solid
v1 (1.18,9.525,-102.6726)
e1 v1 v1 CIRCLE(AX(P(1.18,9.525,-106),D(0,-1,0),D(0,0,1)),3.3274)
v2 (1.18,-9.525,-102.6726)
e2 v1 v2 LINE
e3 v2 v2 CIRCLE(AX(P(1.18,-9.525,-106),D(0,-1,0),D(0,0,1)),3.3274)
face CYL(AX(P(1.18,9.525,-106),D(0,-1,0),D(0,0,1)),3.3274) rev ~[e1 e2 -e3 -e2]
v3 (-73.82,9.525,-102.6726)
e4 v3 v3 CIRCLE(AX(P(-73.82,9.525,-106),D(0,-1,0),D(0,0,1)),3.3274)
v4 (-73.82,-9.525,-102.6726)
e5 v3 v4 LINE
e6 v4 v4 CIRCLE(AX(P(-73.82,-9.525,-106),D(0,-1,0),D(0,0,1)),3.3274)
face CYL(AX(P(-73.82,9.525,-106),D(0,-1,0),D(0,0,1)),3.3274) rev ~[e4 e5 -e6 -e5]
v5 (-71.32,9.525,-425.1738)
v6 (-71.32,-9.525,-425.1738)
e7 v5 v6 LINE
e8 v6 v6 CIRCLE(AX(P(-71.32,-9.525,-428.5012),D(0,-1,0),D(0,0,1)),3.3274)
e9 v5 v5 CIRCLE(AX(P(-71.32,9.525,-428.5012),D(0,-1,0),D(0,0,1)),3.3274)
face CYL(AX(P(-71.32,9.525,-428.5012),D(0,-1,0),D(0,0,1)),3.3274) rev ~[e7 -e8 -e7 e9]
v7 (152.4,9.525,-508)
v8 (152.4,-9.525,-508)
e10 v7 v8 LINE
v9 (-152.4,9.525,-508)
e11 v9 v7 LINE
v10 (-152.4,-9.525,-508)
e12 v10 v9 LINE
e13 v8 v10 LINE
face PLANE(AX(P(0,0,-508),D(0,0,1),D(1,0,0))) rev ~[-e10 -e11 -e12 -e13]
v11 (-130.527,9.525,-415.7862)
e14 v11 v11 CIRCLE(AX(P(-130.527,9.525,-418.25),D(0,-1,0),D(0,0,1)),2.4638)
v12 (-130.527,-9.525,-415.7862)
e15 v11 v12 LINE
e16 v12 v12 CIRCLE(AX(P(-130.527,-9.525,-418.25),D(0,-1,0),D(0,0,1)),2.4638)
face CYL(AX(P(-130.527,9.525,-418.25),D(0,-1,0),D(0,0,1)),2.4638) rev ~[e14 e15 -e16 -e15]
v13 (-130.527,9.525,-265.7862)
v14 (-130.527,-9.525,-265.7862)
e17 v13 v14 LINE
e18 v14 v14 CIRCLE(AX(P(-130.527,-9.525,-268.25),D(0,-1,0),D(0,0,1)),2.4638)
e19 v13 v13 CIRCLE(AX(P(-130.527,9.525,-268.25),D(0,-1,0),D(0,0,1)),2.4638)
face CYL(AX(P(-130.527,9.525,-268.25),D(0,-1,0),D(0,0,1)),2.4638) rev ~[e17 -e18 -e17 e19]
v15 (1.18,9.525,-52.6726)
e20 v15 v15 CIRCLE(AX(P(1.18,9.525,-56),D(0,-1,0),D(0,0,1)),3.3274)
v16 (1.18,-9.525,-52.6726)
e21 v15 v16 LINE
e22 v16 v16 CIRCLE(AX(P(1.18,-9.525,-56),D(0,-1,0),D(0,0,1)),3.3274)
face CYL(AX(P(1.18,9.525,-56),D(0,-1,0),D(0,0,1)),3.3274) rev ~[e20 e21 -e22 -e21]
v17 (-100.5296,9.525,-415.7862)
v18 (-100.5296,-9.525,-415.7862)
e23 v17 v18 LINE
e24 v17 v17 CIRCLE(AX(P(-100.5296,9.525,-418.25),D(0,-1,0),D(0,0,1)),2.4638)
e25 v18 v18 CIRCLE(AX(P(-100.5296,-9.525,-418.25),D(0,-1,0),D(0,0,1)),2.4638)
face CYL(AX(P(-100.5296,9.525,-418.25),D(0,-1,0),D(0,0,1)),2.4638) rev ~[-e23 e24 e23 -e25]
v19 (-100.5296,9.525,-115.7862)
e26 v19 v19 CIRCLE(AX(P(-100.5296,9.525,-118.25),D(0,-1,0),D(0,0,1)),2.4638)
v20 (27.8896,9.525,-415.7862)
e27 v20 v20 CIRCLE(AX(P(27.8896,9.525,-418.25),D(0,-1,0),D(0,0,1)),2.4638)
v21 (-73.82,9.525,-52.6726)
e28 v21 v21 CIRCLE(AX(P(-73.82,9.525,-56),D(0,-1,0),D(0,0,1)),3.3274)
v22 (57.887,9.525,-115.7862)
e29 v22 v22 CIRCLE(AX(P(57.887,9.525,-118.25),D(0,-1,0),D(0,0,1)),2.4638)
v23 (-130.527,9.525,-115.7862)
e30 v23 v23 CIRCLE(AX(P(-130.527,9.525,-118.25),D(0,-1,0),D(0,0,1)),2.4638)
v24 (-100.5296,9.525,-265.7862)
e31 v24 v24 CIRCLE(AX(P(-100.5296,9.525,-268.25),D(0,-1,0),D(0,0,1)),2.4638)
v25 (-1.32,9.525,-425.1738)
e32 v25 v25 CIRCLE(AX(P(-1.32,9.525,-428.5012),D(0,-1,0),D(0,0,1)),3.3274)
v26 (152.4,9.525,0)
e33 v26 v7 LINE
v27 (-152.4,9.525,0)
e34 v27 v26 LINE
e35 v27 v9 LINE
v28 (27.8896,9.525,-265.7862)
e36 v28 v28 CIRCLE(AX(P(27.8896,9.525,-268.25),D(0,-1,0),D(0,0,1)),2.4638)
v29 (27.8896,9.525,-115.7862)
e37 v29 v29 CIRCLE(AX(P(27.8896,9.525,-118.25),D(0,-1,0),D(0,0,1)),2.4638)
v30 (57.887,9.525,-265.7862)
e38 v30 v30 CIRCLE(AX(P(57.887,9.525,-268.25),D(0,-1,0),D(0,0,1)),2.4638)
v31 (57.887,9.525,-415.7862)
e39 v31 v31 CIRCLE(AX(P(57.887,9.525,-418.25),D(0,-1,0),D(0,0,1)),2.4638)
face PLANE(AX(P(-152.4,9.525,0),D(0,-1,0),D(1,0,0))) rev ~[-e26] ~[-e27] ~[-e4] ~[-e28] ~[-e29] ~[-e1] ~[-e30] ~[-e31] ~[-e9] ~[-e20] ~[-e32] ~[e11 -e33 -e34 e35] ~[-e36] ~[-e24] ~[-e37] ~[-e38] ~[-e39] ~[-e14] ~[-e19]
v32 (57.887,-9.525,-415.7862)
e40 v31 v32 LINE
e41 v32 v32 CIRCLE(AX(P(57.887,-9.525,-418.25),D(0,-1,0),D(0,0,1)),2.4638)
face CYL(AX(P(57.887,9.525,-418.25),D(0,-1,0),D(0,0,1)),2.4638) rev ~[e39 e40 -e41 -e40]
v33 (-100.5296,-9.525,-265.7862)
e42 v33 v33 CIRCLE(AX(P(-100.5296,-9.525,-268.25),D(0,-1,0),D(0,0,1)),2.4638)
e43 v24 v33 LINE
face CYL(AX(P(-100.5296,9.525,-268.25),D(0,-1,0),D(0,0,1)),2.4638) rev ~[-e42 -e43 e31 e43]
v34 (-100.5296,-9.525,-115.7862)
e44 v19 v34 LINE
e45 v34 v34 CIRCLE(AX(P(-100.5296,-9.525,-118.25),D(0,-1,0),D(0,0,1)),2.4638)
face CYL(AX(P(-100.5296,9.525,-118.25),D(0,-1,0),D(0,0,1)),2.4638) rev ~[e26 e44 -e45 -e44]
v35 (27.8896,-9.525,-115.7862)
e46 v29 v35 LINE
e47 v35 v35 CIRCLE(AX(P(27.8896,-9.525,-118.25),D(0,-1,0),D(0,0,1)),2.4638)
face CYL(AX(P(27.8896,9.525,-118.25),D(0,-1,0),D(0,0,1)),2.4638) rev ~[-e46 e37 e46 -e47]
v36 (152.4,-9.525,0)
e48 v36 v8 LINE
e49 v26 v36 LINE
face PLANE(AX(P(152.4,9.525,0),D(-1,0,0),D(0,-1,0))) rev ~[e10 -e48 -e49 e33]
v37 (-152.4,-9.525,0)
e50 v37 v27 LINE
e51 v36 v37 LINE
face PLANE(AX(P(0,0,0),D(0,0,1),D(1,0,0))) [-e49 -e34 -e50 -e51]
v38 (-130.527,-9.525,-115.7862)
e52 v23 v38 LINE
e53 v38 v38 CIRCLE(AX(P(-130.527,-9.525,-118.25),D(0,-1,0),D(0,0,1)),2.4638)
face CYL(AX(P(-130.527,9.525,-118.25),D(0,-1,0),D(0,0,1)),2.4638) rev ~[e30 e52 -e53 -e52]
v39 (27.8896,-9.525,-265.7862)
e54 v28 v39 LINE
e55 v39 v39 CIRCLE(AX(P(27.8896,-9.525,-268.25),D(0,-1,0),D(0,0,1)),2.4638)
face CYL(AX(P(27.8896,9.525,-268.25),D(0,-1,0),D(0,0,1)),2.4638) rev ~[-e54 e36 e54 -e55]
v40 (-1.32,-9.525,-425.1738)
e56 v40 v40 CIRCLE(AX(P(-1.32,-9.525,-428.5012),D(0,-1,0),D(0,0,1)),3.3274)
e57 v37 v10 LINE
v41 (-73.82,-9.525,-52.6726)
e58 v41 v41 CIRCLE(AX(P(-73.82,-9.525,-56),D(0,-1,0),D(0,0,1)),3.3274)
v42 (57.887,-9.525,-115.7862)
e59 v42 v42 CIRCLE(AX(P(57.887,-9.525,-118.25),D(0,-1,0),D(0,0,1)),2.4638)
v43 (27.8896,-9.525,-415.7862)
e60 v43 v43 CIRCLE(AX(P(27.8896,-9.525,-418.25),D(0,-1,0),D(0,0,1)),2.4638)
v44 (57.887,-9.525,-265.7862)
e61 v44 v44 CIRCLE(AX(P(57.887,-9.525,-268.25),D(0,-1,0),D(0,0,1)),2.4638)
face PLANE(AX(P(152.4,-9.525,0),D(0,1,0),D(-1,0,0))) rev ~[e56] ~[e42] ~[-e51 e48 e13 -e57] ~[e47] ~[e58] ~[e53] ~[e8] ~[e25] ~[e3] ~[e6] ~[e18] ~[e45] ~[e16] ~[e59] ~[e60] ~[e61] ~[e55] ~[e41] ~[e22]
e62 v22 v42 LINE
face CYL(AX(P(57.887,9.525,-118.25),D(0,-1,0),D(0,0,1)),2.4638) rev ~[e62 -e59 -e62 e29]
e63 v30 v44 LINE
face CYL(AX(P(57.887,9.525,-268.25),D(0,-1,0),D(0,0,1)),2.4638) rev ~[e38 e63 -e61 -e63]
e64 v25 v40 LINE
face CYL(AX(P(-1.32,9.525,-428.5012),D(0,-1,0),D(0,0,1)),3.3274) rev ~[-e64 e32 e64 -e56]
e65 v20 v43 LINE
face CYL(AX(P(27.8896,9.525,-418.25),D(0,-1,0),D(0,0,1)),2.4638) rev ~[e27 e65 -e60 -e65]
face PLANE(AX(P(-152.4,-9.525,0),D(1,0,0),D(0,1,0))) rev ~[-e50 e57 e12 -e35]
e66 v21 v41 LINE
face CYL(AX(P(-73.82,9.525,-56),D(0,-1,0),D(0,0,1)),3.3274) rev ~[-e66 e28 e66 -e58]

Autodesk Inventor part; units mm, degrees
ref_plane "YZ Plane" through (0, 0, 0) normal (1, 0, 0) x (0, 1, 0)
ref_plane "XZ Plane" through (0, 0, 0) normal (0, 1, 0) x (-1, 0, 0)
ref_plane "XY Plane" through (0, 0, 0) normal (0, 0, 1) x (1, 0, 0)
sketch "Sketch1" plane through (0, 0, 0) normal (0, 0, 1) x (1, 0, 0)
  line L0 (-152.4, 9.525) -> (152.4, 9.525)
  line L1 (152.4, 9.525) -> (152.4, -9.525)
  line L2 (152.4, -9.525) -> (-152.4, -9.525)
  line L3 (-152.4, -9.525) -> (-152.4, 9.525)
  line L4 (-152.4, 9.525) -> (152.4, -9.525) construction
  line L5 (152.4, 9.525) -> (-152.4, -9.525) construction
  point P0 (0, 0)
  dimension "d0" = 304.8
  dimension "d1" = 19.05
extrude "Extrusion1" add sketch "Sketch1" against normal blind 508
sketch "Sketch2" plane through (-152.4, 9.525, 0) normal (0, 1, 0) x (1, 0, 0)
  line L0 (0, 0) -> (0, 508) projected
  line L1 (0, 0) -> (304.8, 0) projected
  point P0 (152.4, 0)
  point P1 (78.58, 56)
  dimension "d4" = 78.58
  dimension "d5" = 56
hole "Hole1" at (-73.82, 9.525, -56) direction (0, -1, 0) diameter 6.6548 end through all
pattern_linear "Rectangular Pattern1" count 2 spacing 50 along (0, 0, -1) count 2 spacing 75 along (1, 0, 0) of "Hole1"
sketch "Sketch3" plane through (-152.4, 9.525, 0) normal (0, 1, 0) x (1, 0, 0)
  line L0 (0, 0) -> (304.8, 0) projected
  line L1 (0, 0) -> (0, 508) projected
  point P0 (152.4, 0)
  point P1 (81.08, 428.5012)
  point P2 (151.08, 428.5012)
  dimension "d25" = 428.5012
  dimension "d26" = 81.08
  dimension "d27" = 428.5012
  dimension "d28" = 70
hole "Hole2" at (-71.32, 9.525, -428.5012) at (-1.32, 9.525, -428.5012) direction (0, -1, 0) diameter 6.6548 end through all
sketch "Sketch4" plane through (-152.4, 9.525, 0) normal (0, 1, 0) x (1, 0, 0)
  line L0 (0, 0) -> (0, 508) projected
  line L1 (0, 0) -> (304.8, 0) projected
  point P0 (152.4, 0)
  point P1 (21.873, 118.25)
  dimension "d36" = 21.873
  dimension "d37" = 118.25
hole "Hole3" at (-130.527, 9.525, -118.25) direction (0, -1, 0) diameter 4.9276 end through all
pattern_linear "Rectangular Pattern3" count 3 spacing 150 along (0, 0, -1) count 2 spacing 29.9974 along (1, 0, 0) of "Hole3"
sketch "Sketch5" plane through (-152.4, 9.525, 0) normal (0, 1, 0) x (1, 0, 0)
  line L0 (304.8, 0) -> (304.8, 508) projected
  line L1 (0, 0) -> (304.8, 0) projected
  point P0 (152.4, 0)
  point P1 (210.287, 118.25)
  dimension "d51" = 94.513
  dimension "d52" = 118.25
hole "Hole4" at (57.887, 9.525, -118.25) direction (0, -1, 0) diameter 4.9276 end through all
pattern_linear "Rectangular Pattern4" count 3 spacing 150 along (0, 0, -1) count 2 spacing 29.9974 along (-1, 0, 0) of "Hole4"
equation "\"d0\" = mp_wid"
equation "\"d1\" = mp_thick"
equation "\"d2\" = mp_len"
equation "\"d4\" = mp_mbra_holes_w_offset"
equation "\"d5\" = mp_mbra_holes_l_offset"
equation "\"d15\" = mp_mbra_holes_l_spacing"
equation "\"d18\" = mp_mbra_holes_w_spacing"
equation "\"d25\" = mp_bf_holes_l_offset"
equation "\"d26\" = mp_bf_holes_w_offset"
equation "\"d27\" = mp_bf_holes_l_offset"
equation "\"d28\" = mp_bf_holes_w_spacing"
equation "\"d36\" = mp_brm_w_offset + brm_hole_h_offset"
equation "\"d37\" = asse_brm_l_offset + brm_hole_v_offset"
equation "\"d47\" = brm_hole_v_spacing"
equation "\"d50\" = brm_hole_h_spacing"
equation "\"d51\" = mp_brm_w_offset_right + brm_hole_h_offset"
equation "\"d52\" = asse_brm_l_offset + brm_hole_v_offset"
equation "\"d62\" = brm_hole_v_spacing"
equation "\"d65\" = brm_hole_h_spacing"
equation "\"mp_wid\" = 304.8"
equation "\"mp_thick\" = 19.05"
equation "\"mp_len\" = 508"
equation "\"mp_mbra_holes_l_spacing\" = 50"
equation "\"mp_mbra_holes_w_spacing\" = 75"
equation "\"brm_hole_v_spacing\" = 150"
equation "\"brm_hole_h_spacing\" = 29.9974"
equation "\"mp_mbra_holes_w_offset\" = 78.58"
equation "\"mp_mbra_holes_l_offset\" = 56"
equation "\"mp_bf_holes_l_offset\" = 428.50116"
equation "\"mp_bf_holes_w_offset\" = 81.08"
equation "\"mp_bf_holes_w_spacing\" = 70"
equation "\"mp_brm_w_offset\" = 14.38"
equation "\"brm_hole_h_offset\" = 7.493"
equation "\"asse_brm_l_offset\" = 68.25"
equation "\"brm_hole_v_offset\" = 50"
equation "\"mp_brm_w_offset_right\" = 87.02"
properties part number "mplate" material "Aluminum 6061"
